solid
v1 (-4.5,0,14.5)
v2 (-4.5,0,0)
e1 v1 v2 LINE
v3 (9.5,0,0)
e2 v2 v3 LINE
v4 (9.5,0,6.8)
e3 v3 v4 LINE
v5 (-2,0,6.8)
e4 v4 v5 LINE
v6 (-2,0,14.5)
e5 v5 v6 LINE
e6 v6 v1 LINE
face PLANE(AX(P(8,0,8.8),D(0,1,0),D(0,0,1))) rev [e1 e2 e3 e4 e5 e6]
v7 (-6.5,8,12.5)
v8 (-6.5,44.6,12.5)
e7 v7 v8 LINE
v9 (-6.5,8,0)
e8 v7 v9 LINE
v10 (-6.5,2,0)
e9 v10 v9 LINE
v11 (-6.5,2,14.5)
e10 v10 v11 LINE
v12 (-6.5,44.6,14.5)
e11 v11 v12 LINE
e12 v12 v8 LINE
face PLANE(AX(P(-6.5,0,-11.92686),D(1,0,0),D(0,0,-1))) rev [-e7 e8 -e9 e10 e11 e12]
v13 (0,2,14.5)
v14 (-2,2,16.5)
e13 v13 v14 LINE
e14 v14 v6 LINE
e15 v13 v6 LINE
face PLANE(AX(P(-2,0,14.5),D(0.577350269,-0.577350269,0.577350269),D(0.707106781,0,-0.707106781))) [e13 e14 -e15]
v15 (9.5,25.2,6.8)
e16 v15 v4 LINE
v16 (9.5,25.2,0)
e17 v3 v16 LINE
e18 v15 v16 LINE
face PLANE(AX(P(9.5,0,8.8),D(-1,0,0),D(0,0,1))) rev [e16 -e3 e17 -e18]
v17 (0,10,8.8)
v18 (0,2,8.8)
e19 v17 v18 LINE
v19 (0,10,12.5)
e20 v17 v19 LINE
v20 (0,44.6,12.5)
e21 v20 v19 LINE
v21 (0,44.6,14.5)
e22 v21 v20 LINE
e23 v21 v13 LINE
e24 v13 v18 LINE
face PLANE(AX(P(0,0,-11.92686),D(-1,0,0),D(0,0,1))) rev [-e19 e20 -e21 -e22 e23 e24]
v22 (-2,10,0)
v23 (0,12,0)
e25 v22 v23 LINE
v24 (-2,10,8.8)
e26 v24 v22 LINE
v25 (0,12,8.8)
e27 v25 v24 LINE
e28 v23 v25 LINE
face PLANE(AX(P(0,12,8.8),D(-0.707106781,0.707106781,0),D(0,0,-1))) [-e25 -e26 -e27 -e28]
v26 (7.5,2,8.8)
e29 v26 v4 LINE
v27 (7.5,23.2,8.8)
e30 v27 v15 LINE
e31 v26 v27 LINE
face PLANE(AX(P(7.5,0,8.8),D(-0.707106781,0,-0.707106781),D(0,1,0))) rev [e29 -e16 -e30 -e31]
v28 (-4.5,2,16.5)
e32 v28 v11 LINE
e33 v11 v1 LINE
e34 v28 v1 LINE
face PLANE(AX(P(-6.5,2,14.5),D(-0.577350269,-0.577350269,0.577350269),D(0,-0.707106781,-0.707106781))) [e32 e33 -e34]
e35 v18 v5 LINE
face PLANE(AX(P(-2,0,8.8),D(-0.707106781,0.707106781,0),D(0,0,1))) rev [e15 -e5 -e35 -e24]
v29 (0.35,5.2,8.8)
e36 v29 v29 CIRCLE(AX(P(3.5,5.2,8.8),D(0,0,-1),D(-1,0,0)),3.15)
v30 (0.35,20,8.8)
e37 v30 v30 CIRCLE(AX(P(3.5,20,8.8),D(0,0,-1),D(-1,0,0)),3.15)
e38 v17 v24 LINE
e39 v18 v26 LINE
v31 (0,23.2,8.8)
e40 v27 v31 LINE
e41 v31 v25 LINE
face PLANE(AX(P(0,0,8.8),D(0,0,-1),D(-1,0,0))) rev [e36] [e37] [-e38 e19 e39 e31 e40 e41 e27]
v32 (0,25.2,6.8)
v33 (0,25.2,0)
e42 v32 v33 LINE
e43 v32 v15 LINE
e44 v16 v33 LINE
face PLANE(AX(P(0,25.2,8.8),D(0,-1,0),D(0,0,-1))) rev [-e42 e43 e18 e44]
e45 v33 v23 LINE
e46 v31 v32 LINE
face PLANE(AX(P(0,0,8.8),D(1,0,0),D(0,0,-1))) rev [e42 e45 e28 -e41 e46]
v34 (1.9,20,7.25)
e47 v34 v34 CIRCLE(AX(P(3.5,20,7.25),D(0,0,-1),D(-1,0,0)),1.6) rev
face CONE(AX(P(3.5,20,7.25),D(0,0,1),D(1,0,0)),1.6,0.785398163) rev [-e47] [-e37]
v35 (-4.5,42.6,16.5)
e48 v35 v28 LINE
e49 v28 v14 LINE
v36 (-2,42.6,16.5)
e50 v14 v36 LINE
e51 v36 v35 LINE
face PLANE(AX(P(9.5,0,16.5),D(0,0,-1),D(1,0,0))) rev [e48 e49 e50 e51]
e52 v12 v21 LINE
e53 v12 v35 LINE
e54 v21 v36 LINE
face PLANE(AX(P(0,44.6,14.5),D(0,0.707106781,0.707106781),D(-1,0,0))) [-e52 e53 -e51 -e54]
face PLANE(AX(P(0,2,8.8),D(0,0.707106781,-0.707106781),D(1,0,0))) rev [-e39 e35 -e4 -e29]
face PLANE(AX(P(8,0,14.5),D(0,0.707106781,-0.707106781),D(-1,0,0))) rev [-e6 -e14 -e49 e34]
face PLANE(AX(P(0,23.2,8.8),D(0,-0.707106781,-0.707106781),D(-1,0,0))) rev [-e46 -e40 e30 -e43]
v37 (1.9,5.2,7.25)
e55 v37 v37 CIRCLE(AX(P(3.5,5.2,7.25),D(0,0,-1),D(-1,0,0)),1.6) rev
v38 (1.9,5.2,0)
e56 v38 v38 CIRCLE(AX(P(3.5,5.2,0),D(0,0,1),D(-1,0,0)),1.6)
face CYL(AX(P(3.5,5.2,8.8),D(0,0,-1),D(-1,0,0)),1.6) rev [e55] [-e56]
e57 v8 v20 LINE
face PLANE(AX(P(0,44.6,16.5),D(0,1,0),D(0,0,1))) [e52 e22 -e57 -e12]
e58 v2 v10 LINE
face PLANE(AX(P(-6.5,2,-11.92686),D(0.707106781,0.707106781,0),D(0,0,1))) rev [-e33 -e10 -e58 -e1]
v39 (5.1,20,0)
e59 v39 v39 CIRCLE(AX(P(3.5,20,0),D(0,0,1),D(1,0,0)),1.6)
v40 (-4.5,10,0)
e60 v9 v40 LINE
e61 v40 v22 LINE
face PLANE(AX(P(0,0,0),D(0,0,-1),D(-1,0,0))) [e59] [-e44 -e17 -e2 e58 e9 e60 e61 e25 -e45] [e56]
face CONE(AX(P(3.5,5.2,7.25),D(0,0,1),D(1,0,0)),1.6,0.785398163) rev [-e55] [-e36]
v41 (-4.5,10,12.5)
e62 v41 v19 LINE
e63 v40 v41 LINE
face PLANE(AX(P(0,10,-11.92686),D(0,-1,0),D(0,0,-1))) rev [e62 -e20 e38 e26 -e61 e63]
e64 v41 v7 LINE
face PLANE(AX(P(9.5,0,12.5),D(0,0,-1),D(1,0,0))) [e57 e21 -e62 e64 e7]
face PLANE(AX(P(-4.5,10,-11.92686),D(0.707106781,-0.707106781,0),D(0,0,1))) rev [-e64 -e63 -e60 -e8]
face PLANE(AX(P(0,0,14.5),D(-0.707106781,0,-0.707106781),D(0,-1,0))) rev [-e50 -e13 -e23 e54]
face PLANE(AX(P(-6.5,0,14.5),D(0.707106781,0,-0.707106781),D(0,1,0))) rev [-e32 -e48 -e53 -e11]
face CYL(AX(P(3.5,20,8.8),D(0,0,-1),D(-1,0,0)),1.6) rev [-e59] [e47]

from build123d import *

# Parameters (mm, degrees)
SKETCH1_R                       = 1.6
BOSS_EXTRUDE1_DEPTH             = 8.8
SKETCH2_W                       = 6.5
SKETCH2_H                       = 10
BOSS_EXTRUDE2_DEPTH             = 3.7
BOSS_EXTRUDE2_DIRECTION_2_REACH = 30.332
SKETCH3_W                       = 6.5
SKETCH3_H                       = 44.6
BOSS_EXTRUDE3_DEPTH             = 4
SKETCH4_W                       = 6.5
SKETCH4_H                       = 44.6
CUT_EXTRUDE1_DEPTH              = 51.173797943
CHAMFER2_SIZE                   = 2
CHAMFER3_SIZE                   = 1.55


with BuildPart() as part:
    # Sketch1 → Boss-Extrude1 (new body)
    with BuildSketch(Plane.XY):
        Polygon((0, 0), (8, 0), (9.5, 0), (9.5, 25.2), (8, 25.2), (0, 25.2), align=None)
        with Locations((3.5, 20)):
            Circle(SKETCH1_R, mode=Mode.SUBTRACT)
        with Locations(Location((3.5, 5.2, 0), (0, 0, 180))):
            Circle(SKETCH1_R, mode=Mode.SUBTRACT)
    extrude(amount=BOSS_EXTRUDE1_DEPTH)

    # Sketch2 → Boss-Extrude2 (add)
    with BuildSketch(Plane.XY.offset(8.8)):
        with Locations((12.75, 5)):
            Rectangle(SKETCH2_W, SKETCH2_H)
    boss_extrude2 = extrude(amount=BOSS_EXTRUDE2_DEPTH)

    # Boss-Extrude2 direction 2: up to this face of the body (flat: up to its plane)
    boss_extrude2_direction_2_end = Plane(part.part.faces().sort_by_distance((4.840035102, 12.6, 0))[0])
    # Sketch2 → Boss-Extrude2 direction 2 (add, up to the picked face)
    with BuildSketch(Plane.XY.offset(8.8), mode=Mode.PRIVATE) as boss_extrude2_direction_2_sk1:
        with Locations((12.75, 5)):
            Rectangle(SKETCH2_W, SKETCH2_H)
    boss_extrude2_direction_2_tool1 = split(extrude(boss_extrude2_direction_2_sk1.sketch, amount=-BOSS_EXTRUDE2_DIRECTION_2_REACH, mode=Mode.PRIVATE), bisect_by=boss_extrude2_direction_2_end, keep=Keep.BOTH, mode=Mode.PRIVATE)
    boss_extrude2_direction_2 = boss_extrude2_direction_2_tool1.solids().sort_by(Axis((12.75, 5, 8.8), (0, 0, -1)))[0]
    add(boss_extrude2_direction_2)

    # Sketch3 → Boss-Extrude3 (add)
    with BuildSketch(Plane.XY.offset(12.5)):
        with Locations((12.75, 22.3)):
            Rectangle(SKETCH3_W, SKETCH3_H)
    boss_extrude3 = extrude(amount=BOSS_EXTRUDE3_DEPTH)

    # Mirror1: Boss-Extrude2, Boss-Extrude2 direction 2, Boss-Extrude3 across plane
    add(boss_extrude2.mirror(Plane(origin=(4.75, 0, 0), x_dir=(0, 0, 1), z_dir=(1, 0, 0))))
    add(boss_extrude2_direction_2.mirror(Plane(origin=(4.75, 0, 0), x_dir=(0, 0, 1), z_dir=(1, 0, 0))))
    add(boss_extrude3.mirror(Plane(origin=(4.75, 0, 0), x_dir=(0, 0, 1), z_dir=(1, 0, 0))))

    # Sketch4 → Cut-Extrude1 (cut, through all)
    with BuildSketch(Plane.XY.offset(16.5)):
        with Locations((12.75, 22.3)):
            Rectangle(SKETCH4_W, SKETCH4_H)
    extrude(amount=-CUT_EXTRUDE1_DEPTH, mode=Mode.SUBTRACT)

    # Chamfer2
    chamfer2_edges = [part.edges().sort_by_distance(p)[0] for p in [
        (9.5, 12.6, 8.8),
        (4.75, 25.2, 8.8),
        (0, 10, 4.4),
        (0, 0, 12.65),
        (-6.5, 0, 8.25),
        (-6.5, 10, 6.25),
        (0, 22.3, 16.5),
        (-3.25, 44.6, 16.5),
        (-6.5, 22.3, 16.5),
        (-3.25, 0, 16.5),
        (4.75, 0, 8.8),
    ]]
    chamfer(chamfer2_edges, length=CHAMFER2_SIZE)

    # Chamfer3
    chamfer3_edges = [part.edges().sort_by_distance(p)[0] for p in [
        (1.9, 20, 8.8),
        (5.1, 5.2, 8.8),
    ]]
    chamfer(chamfer3_edges, length=CHAMFER3_SIZE)


solid = part.part
